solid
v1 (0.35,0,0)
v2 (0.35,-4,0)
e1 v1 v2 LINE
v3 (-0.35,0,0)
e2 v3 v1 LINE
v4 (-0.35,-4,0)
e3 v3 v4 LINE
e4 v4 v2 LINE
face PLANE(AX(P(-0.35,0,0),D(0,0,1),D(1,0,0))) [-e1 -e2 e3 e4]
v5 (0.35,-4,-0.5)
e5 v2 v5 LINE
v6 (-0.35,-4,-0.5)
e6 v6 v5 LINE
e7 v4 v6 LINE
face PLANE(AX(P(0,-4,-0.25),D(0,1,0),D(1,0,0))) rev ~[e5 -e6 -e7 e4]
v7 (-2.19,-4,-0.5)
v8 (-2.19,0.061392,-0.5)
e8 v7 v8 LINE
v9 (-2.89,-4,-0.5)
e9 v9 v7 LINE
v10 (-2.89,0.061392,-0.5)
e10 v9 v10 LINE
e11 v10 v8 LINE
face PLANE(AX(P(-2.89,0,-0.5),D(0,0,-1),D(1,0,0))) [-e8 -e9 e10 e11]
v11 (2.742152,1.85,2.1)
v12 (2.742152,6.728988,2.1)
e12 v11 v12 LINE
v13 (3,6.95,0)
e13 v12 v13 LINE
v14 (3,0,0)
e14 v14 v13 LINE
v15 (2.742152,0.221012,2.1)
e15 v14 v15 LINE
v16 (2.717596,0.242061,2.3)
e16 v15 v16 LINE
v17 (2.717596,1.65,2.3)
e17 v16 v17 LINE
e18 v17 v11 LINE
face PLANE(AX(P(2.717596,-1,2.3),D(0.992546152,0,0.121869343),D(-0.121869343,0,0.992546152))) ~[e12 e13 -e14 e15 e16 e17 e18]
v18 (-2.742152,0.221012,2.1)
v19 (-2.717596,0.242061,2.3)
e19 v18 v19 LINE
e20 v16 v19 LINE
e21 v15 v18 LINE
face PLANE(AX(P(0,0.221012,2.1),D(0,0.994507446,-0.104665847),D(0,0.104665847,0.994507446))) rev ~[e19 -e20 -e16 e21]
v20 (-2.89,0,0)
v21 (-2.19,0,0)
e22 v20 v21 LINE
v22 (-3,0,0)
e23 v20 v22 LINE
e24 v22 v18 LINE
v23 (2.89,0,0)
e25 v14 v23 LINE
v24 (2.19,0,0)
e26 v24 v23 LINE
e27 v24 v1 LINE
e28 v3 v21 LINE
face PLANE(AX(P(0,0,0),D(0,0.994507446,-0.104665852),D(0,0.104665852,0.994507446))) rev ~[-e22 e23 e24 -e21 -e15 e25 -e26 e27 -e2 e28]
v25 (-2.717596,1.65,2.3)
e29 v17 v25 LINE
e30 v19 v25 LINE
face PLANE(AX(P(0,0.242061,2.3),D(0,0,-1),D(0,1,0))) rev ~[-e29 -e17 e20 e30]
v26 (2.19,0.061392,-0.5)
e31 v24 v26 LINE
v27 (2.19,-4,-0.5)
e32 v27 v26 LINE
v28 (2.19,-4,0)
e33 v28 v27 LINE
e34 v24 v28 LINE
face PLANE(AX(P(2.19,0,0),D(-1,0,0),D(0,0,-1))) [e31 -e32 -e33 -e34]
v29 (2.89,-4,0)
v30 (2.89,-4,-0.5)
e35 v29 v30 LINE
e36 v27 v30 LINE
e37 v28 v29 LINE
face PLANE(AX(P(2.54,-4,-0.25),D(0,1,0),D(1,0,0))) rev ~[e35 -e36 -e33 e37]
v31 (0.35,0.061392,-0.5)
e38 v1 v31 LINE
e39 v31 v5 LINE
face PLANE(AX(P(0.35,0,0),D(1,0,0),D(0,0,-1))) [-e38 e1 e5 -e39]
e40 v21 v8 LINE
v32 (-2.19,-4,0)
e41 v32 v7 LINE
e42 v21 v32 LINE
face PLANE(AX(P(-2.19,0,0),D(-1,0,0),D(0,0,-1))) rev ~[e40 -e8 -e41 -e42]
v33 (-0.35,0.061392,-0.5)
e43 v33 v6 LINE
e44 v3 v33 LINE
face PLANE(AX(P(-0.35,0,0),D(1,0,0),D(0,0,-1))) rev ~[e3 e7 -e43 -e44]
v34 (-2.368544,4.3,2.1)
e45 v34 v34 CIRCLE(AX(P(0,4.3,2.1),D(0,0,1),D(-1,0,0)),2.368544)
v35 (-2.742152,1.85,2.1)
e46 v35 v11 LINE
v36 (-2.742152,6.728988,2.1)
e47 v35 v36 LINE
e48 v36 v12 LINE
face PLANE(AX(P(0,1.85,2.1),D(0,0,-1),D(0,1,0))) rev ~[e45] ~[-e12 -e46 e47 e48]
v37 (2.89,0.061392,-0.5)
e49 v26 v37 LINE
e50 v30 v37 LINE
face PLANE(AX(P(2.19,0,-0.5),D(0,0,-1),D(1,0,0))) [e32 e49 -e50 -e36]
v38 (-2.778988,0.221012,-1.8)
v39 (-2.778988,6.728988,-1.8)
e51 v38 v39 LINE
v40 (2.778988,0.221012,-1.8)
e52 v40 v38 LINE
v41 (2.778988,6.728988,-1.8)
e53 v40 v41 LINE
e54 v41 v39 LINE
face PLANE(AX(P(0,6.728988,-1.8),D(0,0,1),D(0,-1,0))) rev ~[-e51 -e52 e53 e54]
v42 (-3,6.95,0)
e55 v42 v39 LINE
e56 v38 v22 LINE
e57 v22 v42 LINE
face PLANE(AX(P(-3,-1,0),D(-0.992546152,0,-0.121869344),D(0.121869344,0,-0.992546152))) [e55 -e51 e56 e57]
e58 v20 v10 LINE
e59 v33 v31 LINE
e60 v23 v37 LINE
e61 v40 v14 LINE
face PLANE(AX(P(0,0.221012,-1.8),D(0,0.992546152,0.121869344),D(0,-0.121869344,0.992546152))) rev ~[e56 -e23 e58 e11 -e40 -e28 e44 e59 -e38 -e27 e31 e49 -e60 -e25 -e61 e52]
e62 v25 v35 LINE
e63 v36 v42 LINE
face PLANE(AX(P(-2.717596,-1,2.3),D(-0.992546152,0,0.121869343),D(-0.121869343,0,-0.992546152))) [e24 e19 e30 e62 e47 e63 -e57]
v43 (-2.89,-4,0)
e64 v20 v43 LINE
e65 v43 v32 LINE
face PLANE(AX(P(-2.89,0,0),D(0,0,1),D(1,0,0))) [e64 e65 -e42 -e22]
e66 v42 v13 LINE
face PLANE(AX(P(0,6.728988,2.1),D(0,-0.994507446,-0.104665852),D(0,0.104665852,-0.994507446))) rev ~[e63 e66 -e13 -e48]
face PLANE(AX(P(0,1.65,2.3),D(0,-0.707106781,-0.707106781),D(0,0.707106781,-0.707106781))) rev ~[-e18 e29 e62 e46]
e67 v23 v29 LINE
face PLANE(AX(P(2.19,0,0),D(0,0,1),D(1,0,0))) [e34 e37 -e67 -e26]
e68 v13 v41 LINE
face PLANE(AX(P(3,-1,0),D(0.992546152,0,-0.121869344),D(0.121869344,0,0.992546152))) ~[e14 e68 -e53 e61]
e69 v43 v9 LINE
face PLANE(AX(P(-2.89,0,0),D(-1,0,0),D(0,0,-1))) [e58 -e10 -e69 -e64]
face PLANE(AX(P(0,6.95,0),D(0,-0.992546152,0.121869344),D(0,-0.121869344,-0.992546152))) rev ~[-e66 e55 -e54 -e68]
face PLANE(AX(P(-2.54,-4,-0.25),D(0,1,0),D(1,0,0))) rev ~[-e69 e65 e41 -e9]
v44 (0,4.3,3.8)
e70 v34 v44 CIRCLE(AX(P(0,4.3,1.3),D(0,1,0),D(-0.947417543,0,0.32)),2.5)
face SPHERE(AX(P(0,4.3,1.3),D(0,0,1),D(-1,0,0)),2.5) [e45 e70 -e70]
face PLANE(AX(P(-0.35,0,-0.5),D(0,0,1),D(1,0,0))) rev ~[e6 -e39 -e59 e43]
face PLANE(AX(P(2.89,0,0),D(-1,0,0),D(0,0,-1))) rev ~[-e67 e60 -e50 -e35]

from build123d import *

# Parameters (mm, degrees)
BOSS_EXTRU_1_DEPTH             = 3
ENL_V_START                    = -1
ENL_V_MAT_EXTRU_4_DEPTH        = 8.95
BOSS_EXTRU_2_REACH             = 8.95
ESQUISSE4_W                    = 0.7
ESQUISSE4_H                    = 0.5
BOSS_EXTRU_2_DIRECTION_2_DEPTH = 4


with BuildPart() as part:
    # Esquisse1 → Boss.-Extru.1 (new body, symmetric)
    with BuildSketch(Plane(origin=(0, 0, 0), x_dir=(0, 0, -1), z_dir=(1, 0, 0))):
        Polygon((0, 6.95), (1.8, 6.72898779), (1.8, 0.22101221), (0, 0), (-2.1, 0.22101221), (-2.3, 0.242060991), (-2.3, 1.65), (-2.1, 1.85), (-2.1, 6.72898779), align=None)
    extrude(amount=BOSS_EXTRU_1_DEPTH, both=True)

    # Esquisse2 → Enlèv. mat.-Extru.4 (cut)
    with BuildSketch(Plane(origin=(0, 0, 0), x_dir=(1, 0, 0), z_dir=(0, 1, 0)).offset(ENL_V_START)):
        Polygon((0.22814949, -26.29116777), (-2.71759551, -2.3), (-3, 0), (-2.77898779, 1.8), (0.16675721, 25.79116777), (-48.17588371, 25.734183671), (-48.11449143, -26.348151869), align=None)
    enl_v_mat_extru_4 = extrude(amount=ENL_V_MAT_EXTRU_4_DEPTH, mode=Mode.SUBTRACT)

    # Esquisse3 → Révolution1 (revolve)
    with BuildSketch(Plane(origin=(0, 4.3, 0), x_dir=(-1, 0, 0), z_dir=(0, 1, 0))):
        with BuildLine():
            Line((0, 2.1), (2.368543856, 2.1))
            ThreePointArc((2.368543856, 2.1), (1.457737974, 3.331009601), (0, 3.8))
            Line((0, 3.8), (0, 2.1))
        make_face()
    revolve(axis=Axis((0, 4.3, 2.1), (0, 0, 1)))

    # Symétrie1: Enlèv. mat.-Extru.4 across plane
    add(enl_v_mat_extru_4.mirror(Plane(origin=(0, 0, 0), x_dir=(0, 0, 1), z_dir=(1, 0, 0))), mode=Mode.SUBTRACT)

    # Esquisse4 → Boss.-Extru.2 (add, up to next)
    with BuildSketch(Plane(origin=(0, 0, 0), x_dir=(1, 0, 0), z_dir=(0, 1, 0)), mode=Mode.PRIVATE) as boss_extru_2_sk1:
        with Locations((0, 0.25)):
            Rectangle(ESQUISSE4_W, ESQUISSE4_H)
    boss_extru_2_tool1 = extrude(boss_extru_2_sk1.sketch, amount=BOSS_EXTRU_2_REACH, mode=Mode.PRIVATE) - part.part
    add(boss_extru_2_tool1.solids().sort_by_distance((0, 0, -0.25))[0])
    # Esquisse4 → Boss.-Extru.2 (add, up to next)
    with BuildSketch(Plane(origin=(0, 0, 0), x_dir=(1, 0, 0), z_dir=(0, 1, 0)), mode=Mode.PRIVATE) as boss_extru_2_sk2:
        with Locations((2.54, 0.25)):
            Rectangle(ESQUISSE4_W, ESQUISSE4_H)
    boss_extru_2_tool2 = extrude(boss_extru_2_sk2.sketch, amount=BOSS_EXTRU_2_REACH, mode=Mode.PRIVATE) - part.part
    add(boss_extru_2_tool2.solids().sort_by_distance((2.54, 0, -0.25))[0])
    # Esquisse4 → Boss.-Extru.2 (add, up to next)
    with BuildSketch(Plane(origin=(0, 0, 0), x_dir=(1, 0, 0), z_dir=(0, 1, 0)), mode=Mode.PRIVATE) as boss_extru_2_sk3:
        with Locations((-2.54, 0.25)):
            Rectangle(ESQUISSE4_W, ESQUISSE4_H)
    boss_extru_2_tool3 = extrude(boss_extru_2_sk3.sketch, amount=BOSS_EXTRU_2_REACH, mode=Mode.PRIVATE) - part.part
    add(boss_extru_2_tool3.solids().sort_by_distance((-2.54, 0, -0.25))[0])

    # Esquisse4 → Boss.-Extru.2 direction 2 (add)
    with BuildSketch(Plane(origin=(0, 0, 0), x_dir=(1, 0, 0), z_dir=(0, 1, 0))):
        with Locations((0, 0.25)):
            Rectangle(ESQUISSE4_W, ESQUISSE4_H)
        with Locations((2.54, 0.25)):
            Rectangle(ESQUISSE4_W, ESQUISSE4_H)
        with Locations((-2.54, 0.25)):
            Rectangle(ESQUISSE4_W, ESQUISSE4_H)
    extrude(amount=-BOSS_EXTRU_2_DIRECTION_2_DEPTH)


solid = part.part
